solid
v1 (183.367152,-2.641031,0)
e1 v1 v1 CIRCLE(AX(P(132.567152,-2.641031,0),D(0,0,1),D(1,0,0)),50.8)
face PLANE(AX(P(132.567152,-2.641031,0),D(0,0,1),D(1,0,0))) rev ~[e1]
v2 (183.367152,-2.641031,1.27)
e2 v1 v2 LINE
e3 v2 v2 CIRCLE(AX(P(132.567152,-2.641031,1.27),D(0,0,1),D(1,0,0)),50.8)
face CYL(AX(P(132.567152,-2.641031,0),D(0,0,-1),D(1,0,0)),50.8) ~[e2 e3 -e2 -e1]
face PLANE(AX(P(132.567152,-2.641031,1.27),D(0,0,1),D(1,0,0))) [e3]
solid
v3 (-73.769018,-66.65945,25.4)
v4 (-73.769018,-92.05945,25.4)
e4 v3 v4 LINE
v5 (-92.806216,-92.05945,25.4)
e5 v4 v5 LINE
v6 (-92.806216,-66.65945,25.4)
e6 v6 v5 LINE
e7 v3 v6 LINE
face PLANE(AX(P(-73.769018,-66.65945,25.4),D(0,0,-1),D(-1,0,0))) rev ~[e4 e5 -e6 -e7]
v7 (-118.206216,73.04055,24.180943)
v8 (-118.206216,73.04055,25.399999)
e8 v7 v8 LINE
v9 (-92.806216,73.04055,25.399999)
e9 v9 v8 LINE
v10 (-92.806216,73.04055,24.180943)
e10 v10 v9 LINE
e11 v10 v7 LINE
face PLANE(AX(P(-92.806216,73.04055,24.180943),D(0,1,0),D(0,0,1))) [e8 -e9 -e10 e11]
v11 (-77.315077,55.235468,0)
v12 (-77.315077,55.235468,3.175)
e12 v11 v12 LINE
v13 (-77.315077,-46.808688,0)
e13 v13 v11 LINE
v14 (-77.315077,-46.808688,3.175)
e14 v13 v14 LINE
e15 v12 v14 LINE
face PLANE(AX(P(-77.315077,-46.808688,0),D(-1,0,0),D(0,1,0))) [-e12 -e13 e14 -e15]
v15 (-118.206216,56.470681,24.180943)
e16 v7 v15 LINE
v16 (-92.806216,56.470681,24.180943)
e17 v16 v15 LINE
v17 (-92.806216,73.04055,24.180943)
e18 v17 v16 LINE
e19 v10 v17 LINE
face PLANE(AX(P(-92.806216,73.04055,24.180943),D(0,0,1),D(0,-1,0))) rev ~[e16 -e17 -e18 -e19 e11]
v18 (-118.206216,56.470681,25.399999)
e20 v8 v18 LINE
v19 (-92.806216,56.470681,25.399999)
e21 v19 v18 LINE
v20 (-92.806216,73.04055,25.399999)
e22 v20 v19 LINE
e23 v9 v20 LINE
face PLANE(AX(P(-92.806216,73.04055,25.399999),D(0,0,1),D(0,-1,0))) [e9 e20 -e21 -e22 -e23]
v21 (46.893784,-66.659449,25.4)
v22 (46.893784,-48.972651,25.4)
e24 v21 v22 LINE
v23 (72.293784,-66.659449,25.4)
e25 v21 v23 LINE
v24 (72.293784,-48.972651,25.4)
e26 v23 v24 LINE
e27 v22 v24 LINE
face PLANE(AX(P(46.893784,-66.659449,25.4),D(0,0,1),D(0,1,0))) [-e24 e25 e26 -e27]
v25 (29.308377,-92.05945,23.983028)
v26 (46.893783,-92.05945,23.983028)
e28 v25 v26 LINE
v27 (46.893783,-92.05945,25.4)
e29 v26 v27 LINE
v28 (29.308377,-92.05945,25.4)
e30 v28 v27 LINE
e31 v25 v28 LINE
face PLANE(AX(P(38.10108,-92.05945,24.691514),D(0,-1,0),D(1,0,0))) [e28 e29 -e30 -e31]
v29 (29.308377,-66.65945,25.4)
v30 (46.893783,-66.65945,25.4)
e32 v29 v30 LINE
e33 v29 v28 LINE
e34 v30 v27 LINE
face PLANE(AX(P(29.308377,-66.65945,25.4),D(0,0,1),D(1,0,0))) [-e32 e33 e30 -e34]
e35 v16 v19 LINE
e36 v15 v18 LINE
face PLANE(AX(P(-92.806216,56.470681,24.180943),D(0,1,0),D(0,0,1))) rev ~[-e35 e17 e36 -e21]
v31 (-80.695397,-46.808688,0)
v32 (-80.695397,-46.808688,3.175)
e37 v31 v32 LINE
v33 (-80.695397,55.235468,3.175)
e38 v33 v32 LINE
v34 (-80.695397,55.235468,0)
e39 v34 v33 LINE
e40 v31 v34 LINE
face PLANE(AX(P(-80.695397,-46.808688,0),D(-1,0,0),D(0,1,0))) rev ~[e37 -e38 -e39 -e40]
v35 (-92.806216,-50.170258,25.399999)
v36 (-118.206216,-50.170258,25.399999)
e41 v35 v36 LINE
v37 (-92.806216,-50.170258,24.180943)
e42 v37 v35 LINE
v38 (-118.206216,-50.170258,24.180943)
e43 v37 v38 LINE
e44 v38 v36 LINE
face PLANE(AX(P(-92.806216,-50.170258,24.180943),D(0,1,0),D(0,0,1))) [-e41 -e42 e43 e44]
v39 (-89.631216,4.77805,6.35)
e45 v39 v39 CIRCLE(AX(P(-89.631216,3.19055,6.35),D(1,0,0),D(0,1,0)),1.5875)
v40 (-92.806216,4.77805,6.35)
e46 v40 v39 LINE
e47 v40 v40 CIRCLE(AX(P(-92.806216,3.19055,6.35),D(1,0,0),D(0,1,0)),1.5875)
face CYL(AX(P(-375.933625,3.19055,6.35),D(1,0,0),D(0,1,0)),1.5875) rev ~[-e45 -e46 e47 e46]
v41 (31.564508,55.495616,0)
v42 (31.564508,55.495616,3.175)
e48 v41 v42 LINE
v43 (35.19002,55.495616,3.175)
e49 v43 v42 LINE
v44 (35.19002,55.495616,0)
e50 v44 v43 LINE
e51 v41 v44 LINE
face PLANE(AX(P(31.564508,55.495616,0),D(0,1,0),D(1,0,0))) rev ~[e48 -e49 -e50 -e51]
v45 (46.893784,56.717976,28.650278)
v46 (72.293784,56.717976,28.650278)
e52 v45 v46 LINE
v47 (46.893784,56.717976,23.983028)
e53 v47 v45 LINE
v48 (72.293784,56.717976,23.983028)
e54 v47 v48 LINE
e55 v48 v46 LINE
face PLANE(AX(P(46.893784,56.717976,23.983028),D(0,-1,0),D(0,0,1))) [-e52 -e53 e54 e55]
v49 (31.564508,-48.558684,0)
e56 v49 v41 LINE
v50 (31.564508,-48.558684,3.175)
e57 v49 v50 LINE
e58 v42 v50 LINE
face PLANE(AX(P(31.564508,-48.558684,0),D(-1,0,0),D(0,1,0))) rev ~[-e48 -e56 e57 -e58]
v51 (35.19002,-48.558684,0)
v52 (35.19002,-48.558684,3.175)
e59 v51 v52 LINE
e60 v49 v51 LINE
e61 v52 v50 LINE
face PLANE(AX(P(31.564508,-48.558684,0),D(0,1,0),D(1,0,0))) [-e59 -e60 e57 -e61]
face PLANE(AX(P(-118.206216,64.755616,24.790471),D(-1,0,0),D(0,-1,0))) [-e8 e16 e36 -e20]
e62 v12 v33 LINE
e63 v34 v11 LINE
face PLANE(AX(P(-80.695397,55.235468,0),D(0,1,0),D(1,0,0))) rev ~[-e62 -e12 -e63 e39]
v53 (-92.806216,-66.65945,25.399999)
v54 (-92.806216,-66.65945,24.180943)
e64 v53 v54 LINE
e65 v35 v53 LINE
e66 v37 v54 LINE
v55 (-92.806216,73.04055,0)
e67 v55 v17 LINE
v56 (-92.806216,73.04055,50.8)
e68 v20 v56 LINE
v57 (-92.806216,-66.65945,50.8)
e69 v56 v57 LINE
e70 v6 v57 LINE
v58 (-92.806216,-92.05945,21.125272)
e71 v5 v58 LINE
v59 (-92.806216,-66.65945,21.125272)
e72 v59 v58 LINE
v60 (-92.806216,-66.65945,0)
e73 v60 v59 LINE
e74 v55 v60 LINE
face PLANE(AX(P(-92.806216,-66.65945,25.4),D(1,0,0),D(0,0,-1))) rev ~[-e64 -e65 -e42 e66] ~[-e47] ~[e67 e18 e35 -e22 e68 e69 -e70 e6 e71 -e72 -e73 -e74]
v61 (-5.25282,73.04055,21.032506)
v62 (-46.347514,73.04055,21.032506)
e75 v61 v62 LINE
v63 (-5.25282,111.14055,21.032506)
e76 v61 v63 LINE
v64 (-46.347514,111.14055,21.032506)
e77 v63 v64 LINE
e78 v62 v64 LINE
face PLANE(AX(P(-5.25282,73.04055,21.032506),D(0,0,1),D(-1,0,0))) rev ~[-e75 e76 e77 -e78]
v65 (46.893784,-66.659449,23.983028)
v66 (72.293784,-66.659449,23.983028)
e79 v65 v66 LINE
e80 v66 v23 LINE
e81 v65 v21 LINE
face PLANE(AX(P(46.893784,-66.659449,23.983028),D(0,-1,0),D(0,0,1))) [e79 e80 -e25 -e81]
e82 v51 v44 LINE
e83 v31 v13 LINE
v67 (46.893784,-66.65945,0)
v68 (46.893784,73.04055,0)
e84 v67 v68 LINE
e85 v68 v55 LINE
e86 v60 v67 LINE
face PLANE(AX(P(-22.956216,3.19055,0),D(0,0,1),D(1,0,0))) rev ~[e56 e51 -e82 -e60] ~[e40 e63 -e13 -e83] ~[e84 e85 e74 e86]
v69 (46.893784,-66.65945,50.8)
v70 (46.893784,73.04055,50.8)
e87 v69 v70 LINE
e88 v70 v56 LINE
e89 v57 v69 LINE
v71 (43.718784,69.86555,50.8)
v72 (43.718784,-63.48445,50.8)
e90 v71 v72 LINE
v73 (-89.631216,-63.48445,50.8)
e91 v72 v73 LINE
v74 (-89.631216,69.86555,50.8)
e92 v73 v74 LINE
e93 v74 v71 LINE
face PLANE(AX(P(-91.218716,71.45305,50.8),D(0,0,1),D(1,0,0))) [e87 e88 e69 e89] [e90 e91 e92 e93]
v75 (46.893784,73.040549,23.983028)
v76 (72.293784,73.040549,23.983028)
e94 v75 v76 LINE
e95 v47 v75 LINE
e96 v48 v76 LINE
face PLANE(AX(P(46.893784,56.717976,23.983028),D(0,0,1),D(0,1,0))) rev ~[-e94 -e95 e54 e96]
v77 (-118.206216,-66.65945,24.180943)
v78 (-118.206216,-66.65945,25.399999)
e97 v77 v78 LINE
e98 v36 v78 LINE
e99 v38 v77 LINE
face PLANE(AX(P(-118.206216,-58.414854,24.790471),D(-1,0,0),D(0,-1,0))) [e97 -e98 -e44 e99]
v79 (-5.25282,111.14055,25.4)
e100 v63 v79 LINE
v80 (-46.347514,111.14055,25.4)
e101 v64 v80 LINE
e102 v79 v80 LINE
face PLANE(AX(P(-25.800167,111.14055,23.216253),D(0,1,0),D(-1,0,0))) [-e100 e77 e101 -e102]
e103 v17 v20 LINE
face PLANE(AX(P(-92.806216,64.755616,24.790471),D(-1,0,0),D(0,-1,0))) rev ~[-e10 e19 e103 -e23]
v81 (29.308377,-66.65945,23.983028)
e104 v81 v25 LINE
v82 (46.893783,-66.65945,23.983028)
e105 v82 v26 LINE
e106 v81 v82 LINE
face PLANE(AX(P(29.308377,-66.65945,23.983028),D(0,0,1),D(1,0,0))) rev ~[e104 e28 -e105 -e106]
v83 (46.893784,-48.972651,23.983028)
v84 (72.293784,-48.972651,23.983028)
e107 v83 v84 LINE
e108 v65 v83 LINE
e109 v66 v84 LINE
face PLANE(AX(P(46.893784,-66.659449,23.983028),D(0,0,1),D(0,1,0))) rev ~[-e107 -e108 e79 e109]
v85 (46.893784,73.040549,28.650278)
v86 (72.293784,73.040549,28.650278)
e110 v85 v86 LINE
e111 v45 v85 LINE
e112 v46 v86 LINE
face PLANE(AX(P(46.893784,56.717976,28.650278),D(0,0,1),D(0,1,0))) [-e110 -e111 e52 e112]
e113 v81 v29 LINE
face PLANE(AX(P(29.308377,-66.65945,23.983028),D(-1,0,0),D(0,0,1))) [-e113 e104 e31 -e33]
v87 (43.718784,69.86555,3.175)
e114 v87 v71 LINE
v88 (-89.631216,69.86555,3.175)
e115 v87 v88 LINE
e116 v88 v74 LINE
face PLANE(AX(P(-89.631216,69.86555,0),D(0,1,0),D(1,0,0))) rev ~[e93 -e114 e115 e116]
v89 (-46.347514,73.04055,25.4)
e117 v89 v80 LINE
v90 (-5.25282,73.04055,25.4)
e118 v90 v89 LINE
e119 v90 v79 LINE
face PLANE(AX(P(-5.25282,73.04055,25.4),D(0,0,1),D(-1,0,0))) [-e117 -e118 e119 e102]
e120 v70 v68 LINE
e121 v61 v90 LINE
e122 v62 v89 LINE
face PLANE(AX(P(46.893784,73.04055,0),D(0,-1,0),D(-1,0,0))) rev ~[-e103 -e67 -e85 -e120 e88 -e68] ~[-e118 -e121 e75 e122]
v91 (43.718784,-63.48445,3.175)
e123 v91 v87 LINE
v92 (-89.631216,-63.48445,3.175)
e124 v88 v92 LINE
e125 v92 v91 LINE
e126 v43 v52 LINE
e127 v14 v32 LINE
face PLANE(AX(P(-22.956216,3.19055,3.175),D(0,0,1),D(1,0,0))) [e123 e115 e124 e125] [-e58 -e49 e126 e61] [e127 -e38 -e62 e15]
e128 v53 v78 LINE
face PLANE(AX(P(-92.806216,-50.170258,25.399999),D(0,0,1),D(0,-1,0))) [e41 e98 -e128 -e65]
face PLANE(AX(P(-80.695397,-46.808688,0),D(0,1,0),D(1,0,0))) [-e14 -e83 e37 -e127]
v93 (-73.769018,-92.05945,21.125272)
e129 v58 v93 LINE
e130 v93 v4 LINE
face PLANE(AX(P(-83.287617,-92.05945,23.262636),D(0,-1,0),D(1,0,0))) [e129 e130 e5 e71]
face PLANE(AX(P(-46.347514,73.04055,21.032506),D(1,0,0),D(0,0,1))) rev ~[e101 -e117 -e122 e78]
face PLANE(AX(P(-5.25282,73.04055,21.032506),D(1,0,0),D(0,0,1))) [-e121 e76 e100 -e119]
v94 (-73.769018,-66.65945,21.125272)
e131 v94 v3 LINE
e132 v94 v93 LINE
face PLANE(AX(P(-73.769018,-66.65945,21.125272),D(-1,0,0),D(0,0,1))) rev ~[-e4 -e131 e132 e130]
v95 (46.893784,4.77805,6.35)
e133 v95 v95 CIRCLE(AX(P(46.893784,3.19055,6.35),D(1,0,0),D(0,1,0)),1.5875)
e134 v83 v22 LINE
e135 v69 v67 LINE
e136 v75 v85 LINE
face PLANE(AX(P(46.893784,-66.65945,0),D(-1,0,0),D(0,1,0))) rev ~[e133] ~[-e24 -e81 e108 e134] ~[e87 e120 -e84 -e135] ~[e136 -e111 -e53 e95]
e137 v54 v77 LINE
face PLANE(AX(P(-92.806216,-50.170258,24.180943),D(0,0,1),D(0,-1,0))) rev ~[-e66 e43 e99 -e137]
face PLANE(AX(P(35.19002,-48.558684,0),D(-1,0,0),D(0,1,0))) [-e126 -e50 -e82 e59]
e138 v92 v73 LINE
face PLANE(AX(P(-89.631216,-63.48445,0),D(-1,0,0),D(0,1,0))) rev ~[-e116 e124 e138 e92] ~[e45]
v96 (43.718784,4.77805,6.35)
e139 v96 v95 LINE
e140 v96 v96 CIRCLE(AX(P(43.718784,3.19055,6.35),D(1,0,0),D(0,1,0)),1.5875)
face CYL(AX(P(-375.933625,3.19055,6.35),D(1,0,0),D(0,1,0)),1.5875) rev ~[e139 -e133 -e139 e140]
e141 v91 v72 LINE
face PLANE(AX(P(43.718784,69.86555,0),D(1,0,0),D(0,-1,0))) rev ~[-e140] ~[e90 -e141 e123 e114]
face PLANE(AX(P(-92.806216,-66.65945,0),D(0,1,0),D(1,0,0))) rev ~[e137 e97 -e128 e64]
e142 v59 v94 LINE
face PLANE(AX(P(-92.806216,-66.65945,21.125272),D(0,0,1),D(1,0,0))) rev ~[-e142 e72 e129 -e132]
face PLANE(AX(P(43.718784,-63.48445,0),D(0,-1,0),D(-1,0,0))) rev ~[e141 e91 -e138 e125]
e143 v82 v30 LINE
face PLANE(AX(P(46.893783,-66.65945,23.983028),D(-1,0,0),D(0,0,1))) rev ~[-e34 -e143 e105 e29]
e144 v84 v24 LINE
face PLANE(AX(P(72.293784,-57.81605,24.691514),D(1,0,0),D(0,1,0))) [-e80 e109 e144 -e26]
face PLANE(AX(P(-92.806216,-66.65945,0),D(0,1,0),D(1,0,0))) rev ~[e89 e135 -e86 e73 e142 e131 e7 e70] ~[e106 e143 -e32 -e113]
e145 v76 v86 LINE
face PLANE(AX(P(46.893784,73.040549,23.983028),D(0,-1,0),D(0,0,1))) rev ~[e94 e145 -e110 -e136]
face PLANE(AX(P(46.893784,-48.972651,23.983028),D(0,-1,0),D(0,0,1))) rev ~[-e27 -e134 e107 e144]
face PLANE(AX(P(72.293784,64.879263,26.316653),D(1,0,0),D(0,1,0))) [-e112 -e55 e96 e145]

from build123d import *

# Parameters (mm, degrees)
F0_W      = 133.35
F0_H      = 133.35
F0_W_2    = 3.175
F0_H_2    = 3.175
F1_DEPTH  = 3.175
F2_DEPTH  = 50.8
F3_W      = 41.094694
F3_H      = 4.367494
F4_DEPTH  = 38.1
F5_W      = 16.569869
F5_H      = 1.219057
F5_W_2    = 16.489192
F6_DEPTH  = 25.4
F7_W      = 17.686799
F7_H      = 1.416972
F7_W_2    = 16.322573
F7_H_2    = 4.66725
F8_DEPTH  = 25.4
F9_W      = 17.585407
F9_H      = 1.416972
F10_DEPTH = 25.4
F12_D     = 3.175
F13_W     = 3.380321
F13_H     = 102.044156
F13_W_2   = 3.625512
F13_H_2   = 104.0543
F14_DEPTH = 25.4
F15_R     = 50.8
F16_DEPTH = 1.27


with BuildPart() as f1:
    # F0 (on Top) → F1 (new body)
    with BuildSketch(Plane.XY):
        with Locations((-22.956216, 3.19055)):
            Rectangle(F0_W, F0_H)
        with Locations((-91.218716, 71.45305)):
            Rectangle(F0_W_2, F0_H_2)
        Polygon((46.893784, 73.04055), (-89.631216, 73.04055), (-89.631216, 69.86555), (43.718784, 69.86555), (43.718784, -63.48445), (46.893784, -63.48445), align=None)
        Polygon((-89.631216, 69.86555), (-92.806216, 69.86555), (-92.806216, -66.65945), (43.718784, -66.65945), (43.718784, -63.48445), (-89.631216, -63.48445), align=None)
        with Locations((45.306284, -65.07195)):
            Rectangle(F0_W_2, F0_H_2)
    extrude(amount=F1_DEPTH)

    # F0 (on Top) → F2 (join)
    with BuildSketch(Plane.XY):
        with Locations((-91.218716, 71.45305)):
            Rectangle(F0_W_2, F0_H_2)
        Polygon((46.893784, 73.04055), (-89.631216, 73.04055), (-89.631216, 69.86555), (43.718784, 69.86555), (43.718784, -63.48445), (46.893784, -63.48445), align=None)
        Polygon((-89.631216, 69.86555), (-92.806216, 69.86555), (-92.806216, -66.65945), (43.718784, -66.65945), (43.718784, -63.48445), (-89.631216, -63.48445), align=None)
        with Locations((45.306284, -65.07195)):
            Rectangle(F0_W_2, F0_H_2)
    extrude(amount=F2_DEPTH)

    # F3 (on face) → F4 (join)
    with BuildSketch(Plane(origin=(0, 73.04055, 0), x_dir=(-1, 0, 0), z_dir=(0, 1, 0))):
        with Locations((25.800167, 23.216253)):
            Rectangle(F3_W, F3_H)
    extrude(amount=F4_DEPTH)

    # F5 (on face) → F6 (join)
    with BuildSketch(Plane(origin=(-92.806216, 0, 0), x_dir=(0, -1, 0), z_dir=(-1, 0, 0))):
        with Locations((-64.755616, 24.790471)):
            Rectangle(F5_W, F5_H)
        with Locations((58.414854, 24.790471)):
            Rectangle(F5_W_2, F5_H)
    extrude(amount=F6_DEPTH)

    # F7 (on face) → F8 (join)
    with BuildSketch(Plane.YZ.offset(46.893784)):
        with Locations((-57.81605, 24.691514)):
            Rectangle(F7_W, F7_H)
        with Locations((64.879263, 26.316653)):
            Rectangle(F7_W_2, F7_H_2)
    extrude(amount=F8_DEPTH)

    # F9 (on face) → F10 (join)
    with BuildSketch(Plane.XZ.offset(66.65945)):
        Polygon((-73.769018, 25.4), (-92.806216, 25.4), (-92.806216, 24.180943), (-92.806216, 21.125272), (-73.769018, 21.125272), align=None)
        with Locations((38.10108, 24.691514)):
            Rectangle(F9_W, F9_H)
    extrude(amount=F10_DEPTH)

    # F12 (through all)
    with Locations(Plane(origin=(-92.806216, 0, 0), x_dir=(0, -1, 0), z_dir=(-1, 0, 0))):
        with Locations((-3.19055, 6.35)):
            Hole(F12_D / 2)

    # F13 (on face) → F14 (cut)
    with BuildSketch(Plane.XY):
        with Locations((-79.005237, 4.21339)):
            Rectangle(F13_W, F13_H)
        with Locations((33.377264, 3.468466)):
            Rectangle(F13_W_2, F13_H_2)
    extrude(amount=F14_DEPTH, mode=Mode.SUBTRACT)


with BuildPart() as f16:
    # F15 (on Top) → F16 (new body)
    with BuildSketch(Plane.XY):
        with Locations((132.567152, -2.641031)):
            Circle(F15_R)
    extrude(amount=F16_DEPTH)


solid = Compound([f1.part, f16.part])
